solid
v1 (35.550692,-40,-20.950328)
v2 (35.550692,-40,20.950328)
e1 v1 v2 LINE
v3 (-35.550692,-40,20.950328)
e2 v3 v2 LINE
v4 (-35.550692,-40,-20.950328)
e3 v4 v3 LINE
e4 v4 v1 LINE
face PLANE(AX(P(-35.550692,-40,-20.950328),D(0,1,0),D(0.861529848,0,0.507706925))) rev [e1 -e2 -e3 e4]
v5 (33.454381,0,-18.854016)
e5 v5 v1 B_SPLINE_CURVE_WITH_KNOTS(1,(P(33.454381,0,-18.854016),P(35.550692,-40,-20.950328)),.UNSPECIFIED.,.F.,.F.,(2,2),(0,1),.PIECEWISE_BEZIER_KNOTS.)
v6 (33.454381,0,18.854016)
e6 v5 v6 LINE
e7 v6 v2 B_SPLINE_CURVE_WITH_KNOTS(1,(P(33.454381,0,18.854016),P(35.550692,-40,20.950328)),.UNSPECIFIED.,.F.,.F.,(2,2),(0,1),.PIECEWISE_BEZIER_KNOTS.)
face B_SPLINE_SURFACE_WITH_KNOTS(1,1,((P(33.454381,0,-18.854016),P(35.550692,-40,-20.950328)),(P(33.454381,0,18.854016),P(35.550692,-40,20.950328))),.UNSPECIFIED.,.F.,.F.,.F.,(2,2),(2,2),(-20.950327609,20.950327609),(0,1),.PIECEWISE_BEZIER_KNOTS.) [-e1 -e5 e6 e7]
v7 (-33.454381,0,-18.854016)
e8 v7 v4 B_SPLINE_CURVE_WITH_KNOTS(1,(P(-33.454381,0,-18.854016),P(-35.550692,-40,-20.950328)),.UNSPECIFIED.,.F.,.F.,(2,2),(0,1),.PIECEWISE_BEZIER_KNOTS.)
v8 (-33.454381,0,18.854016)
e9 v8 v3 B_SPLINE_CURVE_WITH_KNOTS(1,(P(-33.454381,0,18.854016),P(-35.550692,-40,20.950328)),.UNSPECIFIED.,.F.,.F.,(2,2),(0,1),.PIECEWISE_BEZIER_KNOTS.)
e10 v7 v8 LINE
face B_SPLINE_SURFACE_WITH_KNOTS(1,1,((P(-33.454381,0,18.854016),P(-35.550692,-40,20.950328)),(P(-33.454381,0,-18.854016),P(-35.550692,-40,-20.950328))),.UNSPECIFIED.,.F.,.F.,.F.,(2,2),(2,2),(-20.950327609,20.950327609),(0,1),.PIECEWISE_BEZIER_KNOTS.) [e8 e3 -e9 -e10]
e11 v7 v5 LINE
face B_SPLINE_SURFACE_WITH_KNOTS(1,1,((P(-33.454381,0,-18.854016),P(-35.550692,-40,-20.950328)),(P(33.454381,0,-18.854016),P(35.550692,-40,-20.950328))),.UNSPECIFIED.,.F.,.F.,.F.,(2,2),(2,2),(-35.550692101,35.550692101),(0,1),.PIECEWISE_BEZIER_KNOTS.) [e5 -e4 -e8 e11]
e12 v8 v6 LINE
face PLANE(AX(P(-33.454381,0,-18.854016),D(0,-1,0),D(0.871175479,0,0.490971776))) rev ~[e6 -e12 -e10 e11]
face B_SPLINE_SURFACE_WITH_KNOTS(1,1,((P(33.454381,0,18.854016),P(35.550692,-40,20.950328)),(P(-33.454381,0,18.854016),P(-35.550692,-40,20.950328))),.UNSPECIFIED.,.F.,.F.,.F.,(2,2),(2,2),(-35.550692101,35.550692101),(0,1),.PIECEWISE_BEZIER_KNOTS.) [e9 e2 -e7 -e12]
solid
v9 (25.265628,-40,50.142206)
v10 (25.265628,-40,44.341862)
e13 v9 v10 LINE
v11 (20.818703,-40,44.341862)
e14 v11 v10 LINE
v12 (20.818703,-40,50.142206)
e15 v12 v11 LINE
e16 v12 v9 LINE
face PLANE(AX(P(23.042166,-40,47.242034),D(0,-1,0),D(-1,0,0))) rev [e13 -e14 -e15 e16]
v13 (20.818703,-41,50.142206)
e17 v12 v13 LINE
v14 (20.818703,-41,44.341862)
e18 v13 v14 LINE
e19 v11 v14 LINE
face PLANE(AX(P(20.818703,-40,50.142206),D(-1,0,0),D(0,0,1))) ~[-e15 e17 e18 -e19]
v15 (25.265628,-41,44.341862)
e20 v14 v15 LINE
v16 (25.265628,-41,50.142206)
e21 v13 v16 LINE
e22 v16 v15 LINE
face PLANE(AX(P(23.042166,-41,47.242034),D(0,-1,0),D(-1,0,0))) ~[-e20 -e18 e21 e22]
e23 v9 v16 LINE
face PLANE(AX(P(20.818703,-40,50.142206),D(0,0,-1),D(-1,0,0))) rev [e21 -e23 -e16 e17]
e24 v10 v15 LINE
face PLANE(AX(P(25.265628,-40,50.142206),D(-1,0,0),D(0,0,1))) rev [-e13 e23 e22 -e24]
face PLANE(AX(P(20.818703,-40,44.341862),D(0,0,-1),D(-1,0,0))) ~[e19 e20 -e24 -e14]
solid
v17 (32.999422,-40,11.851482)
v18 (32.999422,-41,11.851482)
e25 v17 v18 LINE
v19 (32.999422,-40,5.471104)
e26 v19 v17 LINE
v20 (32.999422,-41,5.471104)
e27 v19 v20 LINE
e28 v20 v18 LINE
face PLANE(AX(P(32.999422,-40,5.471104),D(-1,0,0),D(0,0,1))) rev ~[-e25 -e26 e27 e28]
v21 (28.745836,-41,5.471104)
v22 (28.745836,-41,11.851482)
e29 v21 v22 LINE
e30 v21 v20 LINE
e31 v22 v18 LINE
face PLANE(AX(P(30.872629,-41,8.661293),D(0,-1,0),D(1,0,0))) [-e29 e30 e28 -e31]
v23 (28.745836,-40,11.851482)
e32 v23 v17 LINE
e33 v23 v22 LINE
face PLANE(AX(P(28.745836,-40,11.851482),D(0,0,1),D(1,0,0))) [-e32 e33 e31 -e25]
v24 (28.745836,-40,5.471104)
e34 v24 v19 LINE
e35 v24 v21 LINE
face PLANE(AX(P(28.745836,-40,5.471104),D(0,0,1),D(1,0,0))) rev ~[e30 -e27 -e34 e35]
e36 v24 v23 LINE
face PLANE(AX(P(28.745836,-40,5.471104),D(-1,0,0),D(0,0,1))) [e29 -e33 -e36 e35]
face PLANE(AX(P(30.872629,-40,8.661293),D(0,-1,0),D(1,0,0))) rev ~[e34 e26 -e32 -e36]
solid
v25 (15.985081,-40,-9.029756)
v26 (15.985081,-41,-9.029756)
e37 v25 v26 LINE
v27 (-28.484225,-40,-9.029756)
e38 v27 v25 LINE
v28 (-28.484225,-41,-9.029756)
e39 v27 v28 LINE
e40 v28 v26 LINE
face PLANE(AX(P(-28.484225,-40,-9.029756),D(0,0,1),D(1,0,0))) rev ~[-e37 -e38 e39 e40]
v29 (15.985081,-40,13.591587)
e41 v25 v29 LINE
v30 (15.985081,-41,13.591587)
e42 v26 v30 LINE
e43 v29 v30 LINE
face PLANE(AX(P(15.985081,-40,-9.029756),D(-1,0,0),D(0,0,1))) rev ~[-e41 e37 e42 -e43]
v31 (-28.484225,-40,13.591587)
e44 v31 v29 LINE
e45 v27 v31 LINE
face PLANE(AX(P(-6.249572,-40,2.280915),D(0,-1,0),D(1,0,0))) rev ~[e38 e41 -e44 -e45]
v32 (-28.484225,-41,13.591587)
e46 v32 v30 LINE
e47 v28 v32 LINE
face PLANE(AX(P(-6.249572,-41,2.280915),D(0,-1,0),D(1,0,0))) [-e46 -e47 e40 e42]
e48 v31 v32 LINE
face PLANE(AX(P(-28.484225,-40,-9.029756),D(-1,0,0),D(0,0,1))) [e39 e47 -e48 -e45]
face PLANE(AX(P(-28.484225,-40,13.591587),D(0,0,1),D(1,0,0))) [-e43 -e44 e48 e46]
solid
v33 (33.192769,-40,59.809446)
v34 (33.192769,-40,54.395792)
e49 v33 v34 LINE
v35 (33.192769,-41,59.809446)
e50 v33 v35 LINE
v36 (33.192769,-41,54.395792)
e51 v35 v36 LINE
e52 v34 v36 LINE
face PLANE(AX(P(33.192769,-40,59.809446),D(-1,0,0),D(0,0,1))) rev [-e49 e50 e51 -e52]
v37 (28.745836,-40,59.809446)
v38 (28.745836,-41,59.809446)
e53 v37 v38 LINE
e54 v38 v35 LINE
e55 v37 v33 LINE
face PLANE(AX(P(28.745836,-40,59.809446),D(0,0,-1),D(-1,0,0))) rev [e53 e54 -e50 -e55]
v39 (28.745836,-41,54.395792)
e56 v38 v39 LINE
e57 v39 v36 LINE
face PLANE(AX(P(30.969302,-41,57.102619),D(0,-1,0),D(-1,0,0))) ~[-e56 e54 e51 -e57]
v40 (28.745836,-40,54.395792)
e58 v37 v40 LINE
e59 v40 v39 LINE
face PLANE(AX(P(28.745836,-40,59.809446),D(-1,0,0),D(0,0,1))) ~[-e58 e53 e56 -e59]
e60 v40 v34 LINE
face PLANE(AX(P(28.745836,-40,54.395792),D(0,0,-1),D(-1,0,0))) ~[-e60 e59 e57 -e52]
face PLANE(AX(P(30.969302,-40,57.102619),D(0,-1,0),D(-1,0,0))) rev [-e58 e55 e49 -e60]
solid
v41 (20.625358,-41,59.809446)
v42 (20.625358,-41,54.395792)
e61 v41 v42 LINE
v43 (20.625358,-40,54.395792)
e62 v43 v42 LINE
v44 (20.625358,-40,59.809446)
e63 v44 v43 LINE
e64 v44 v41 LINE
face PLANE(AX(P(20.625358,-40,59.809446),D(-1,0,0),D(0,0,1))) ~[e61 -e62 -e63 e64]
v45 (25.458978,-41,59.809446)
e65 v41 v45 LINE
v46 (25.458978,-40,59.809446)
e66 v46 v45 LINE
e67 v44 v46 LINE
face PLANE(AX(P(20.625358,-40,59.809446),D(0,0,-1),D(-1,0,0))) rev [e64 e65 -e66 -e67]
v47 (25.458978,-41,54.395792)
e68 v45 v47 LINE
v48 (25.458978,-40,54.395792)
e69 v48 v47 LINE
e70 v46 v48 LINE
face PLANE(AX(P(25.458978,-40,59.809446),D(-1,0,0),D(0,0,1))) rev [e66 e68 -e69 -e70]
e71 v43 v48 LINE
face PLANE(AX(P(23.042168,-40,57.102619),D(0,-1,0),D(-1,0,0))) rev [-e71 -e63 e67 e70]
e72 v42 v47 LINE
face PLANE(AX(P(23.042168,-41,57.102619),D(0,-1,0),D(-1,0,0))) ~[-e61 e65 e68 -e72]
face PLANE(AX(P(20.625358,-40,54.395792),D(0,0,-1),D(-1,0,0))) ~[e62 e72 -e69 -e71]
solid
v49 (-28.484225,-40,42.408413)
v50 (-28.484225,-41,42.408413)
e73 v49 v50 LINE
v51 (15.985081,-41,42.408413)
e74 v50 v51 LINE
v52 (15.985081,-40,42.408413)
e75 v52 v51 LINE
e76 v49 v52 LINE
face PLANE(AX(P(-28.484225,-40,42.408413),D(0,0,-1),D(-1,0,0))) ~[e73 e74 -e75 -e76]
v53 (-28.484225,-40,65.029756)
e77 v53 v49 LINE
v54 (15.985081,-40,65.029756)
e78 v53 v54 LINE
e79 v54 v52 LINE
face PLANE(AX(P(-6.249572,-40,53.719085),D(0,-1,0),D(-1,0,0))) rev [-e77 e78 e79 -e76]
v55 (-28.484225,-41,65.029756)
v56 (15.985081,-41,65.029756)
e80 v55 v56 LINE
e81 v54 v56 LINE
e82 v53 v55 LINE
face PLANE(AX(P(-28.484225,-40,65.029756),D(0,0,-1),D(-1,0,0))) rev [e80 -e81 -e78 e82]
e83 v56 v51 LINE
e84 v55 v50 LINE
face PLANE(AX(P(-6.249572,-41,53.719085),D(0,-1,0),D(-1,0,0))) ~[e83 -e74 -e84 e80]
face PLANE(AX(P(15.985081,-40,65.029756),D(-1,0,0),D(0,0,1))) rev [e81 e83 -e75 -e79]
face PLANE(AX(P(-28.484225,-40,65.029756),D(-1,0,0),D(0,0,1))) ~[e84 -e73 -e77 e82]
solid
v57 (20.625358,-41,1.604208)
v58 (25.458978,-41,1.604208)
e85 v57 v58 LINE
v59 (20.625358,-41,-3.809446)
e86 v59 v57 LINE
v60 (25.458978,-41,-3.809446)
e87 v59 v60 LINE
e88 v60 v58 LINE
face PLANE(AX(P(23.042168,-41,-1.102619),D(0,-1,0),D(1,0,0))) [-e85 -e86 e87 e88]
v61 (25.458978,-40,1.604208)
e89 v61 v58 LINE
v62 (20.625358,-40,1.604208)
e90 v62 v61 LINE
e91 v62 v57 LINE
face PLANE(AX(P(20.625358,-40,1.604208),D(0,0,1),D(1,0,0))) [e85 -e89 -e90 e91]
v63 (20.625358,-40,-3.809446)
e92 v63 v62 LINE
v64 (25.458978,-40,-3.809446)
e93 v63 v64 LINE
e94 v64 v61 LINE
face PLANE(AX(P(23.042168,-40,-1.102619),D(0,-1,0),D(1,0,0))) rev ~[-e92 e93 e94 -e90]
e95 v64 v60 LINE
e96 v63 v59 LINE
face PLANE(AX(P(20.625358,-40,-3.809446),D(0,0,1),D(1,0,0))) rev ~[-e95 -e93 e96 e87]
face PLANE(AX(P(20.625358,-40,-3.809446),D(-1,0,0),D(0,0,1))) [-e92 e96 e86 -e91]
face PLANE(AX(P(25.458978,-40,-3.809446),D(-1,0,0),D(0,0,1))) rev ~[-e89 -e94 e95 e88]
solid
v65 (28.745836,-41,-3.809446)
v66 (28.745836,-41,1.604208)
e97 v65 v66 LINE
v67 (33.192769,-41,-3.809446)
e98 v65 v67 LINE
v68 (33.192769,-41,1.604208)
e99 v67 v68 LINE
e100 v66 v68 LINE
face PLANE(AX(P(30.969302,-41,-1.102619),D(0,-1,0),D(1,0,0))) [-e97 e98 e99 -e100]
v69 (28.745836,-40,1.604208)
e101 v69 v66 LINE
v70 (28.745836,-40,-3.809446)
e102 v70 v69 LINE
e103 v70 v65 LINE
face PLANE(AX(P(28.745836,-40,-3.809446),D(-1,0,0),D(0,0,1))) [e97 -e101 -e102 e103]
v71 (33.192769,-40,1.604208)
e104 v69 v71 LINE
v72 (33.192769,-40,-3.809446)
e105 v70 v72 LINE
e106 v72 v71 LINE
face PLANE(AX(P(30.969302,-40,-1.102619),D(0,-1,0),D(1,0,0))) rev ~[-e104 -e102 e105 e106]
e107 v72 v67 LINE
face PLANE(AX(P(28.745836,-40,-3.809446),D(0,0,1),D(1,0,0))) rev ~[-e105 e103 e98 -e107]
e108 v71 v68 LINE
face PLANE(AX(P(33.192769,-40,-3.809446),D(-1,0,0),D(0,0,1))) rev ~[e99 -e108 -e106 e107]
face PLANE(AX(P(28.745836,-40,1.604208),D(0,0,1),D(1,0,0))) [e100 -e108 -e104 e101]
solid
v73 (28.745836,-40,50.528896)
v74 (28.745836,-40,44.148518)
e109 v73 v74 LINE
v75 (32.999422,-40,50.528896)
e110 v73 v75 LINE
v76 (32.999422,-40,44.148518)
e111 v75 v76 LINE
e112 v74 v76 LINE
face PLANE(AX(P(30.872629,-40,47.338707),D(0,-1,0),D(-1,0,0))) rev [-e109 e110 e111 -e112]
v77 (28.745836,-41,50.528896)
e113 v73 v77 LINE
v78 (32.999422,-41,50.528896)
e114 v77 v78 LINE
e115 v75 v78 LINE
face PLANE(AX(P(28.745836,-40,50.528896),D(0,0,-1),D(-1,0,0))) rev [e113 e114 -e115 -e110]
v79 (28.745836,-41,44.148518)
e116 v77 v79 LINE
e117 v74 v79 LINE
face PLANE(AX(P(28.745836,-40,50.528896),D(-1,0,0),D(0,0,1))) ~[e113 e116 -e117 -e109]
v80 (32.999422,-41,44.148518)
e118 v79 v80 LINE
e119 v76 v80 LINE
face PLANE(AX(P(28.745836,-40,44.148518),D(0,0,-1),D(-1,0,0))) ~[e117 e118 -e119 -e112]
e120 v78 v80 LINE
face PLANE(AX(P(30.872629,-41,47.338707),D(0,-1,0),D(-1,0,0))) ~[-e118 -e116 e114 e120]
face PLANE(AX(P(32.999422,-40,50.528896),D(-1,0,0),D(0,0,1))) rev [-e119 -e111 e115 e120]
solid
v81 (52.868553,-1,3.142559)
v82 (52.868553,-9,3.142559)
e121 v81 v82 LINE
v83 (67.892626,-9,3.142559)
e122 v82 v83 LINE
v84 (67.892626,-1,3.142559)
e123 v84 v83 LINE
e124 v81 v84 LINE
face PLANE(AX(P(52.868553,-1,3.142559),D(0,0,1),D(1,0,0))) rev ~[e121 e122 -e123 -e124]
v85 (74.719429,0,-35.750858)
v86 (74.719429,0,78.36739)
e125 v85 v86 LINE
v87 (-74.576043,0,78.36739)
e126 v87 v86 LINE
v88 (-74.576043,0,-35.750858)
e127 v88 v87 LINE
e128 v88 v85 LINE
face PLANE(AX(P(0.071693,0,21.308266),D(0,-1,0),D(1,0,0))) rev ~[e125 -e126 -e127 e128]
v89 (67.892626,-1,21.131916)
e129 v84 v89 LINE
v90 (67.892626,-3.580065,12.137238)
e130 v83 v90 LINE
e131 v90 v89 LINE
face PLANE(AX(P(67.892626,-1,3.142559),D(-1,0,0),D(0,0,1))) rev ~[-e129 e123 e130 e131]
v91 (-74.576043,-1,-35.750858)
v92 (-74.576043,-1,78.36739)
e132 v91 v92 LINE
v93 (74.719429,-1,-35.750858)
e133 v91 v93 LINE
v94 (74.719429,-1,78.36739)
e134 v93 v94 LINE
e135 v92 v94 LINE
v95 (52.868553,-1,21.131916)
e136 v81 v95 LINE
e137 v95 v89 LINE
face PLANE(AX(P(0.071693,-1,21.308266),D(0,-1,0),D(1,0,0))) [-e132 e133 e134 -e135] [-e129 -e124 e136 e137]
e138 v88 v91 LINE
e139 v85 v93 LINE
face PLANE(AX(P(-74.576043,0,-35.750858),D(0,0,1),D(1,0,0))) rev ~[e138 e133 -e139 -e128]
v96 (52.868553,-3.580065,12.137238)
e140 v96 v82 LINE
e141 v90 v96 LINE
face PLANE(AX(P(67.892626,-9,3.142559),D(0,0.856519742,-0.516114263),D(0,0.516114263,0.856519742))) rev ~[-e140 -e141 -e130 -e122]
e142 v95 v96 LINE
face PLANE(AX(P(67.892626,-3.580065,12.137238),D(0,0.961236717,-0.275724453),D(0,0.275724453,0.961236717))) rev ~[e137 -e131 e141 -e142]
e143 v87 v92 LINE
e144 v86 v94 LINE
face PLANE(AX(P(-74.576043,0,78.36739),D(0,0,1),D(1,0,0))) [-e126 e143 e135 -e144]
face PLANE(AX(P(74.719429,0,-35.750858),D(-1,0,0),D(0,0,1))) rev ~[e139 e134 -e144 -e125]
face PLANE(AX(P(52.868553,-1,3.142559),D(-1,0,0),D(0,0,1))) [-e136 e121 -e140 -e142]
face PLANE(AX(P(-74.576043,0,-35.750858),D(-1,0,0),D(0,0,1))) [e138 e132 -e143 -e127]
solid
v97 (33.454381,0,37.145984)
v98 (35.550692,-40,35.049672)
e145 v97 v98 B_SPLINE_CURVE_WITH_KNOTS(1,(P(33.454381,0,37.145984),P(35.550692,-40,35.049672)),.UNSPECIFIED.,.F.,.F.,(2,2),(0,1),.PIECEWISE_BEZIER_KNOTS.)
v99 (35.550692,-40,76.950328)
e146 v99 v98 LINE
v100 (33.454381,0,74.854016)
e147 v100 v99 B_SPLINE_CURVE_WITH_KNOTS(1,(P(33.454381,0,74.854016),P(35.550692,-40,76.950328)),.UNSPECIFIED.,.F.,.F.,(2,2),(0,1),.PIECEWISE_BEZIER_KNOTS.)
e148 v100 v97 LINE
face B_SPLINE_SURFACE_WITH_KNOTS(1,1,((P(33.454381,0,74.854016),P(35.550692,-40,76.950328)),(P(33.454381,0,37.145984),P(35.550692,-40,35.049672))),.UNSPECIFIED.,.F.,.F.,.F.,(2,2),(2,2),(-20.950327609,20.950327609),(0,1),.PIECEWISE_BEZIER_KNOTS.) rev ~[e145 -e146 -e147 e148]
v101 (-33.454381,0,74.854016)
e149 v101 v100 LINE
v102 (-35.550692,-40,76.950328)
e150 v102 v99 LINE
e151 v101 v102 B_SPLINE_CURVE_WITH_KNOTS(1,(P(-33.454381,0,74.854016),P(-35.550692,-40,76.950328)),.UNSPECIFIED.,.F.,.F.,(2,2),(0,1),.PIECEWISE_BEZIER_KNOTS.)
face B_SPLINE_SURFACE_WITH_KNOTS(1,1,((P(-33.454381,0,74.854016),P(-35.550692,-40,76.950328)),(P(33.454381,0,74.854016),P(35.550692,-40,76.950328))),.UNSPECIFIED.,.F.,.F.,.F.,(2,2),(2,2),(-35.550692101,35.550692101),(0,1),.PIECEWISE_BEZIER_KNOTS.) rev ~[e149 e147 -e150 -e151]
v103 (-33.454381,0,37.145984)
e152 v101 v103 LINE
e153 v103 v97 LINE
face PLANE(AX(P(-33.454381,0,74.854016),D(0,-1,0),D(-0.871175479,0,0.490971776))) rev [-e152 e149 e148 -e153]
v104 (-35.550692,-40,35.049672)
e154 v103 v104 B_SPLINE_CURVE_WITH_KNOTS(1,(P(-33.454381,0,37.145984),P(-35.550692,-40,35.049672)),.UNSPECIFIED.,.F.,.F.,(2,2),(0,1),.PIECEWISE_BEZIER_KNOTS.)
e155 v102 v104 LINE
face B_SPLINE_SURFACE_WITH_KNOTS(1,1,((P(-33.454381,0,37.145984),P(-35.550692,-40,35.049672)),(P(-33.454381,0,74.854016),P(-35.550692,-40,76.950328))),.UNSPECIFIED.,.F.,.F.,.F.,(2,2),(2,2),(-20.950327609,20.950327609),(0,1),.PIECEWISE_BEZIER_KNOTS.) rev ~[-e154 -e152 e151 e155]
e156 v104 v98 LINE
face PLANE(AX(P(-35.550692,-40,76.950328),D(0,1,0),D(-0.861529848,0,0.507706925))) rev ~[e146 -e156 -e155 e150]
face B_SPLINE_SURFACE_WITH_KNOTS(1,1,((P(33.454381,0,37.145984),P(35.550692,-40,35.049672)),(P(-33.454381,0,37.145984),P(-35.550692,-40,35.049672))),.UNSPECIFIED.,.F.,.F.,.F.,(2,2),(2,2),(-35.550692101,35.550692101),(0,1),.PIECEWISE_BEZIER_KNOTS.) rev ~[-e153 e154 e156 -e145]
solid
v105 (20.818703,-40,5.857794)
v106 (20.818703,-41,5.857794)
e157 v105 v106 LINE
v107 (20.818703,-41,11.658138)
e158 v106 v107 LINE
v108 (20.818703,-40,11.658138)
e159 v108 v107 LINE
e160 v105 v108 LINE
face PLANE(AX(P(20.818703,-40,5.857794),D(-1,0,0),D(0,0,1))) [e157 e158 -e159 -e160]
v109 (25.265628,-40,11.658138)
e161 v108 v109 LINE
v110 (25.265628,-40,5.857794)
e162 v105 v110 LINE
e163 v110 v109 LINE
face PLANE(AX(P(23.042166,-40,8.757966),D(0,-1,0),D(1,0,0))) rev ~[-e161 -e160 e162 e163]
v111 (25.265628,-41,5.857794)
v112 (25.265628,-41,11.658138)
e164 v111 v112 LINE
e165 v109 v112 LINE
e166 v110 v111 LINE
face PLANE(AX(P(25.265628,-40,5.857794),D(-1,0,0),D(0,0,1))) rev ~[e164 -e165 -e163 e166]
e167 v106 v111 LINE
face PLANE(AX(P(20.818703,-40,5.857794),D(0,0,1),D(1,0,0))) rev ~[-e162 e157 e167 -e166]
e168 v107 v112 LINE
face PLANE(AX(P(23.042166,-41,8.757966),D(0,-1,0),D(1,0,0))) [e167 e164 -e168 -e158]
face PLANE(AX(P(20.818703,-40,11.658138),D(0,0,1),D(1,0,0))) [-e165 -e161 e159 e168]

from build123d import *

# Parameters (mm, degrees)
F0_W      = 66.9087618589
F0_H      = 37.7080328763
F1_DEPTH  = 40
F1_TAPER  = -3
F2_W      = 44.4693062454
F2_H      = 22.6213429123
F3_DEPTH  = 1
F2_W_2    = 4.4469255954
F2_H_2    = 5.8003440499
F2_W_3    = 4.2535867542
F2_H_3    = 6.3803782687
F2_W_4    = 4.8336200416
F2_H_4    = 5.4136546096
F2_W_5    = 4.446933046
F6_W      = 149.2954716086
F6_H      = 114.1182482243
F7_DEPTH  = 1
F8_W      = 15.024073422
F8_H      = 17.9893565364
F9_DEPTH  = 8
F11_DEPTH = 16.9


with BuildPart() as f1:
    # F0 (on Front) → F1 (new body)
    with BuildSketch(Plane.XZ):
        Rectangle(F0_W, F0_H)
    extrude(amount=F1_DEPTH, taper=F1_TAPER)


with BuildPart() as f3:
    # F2 (on face) → F3 (new body)
    with BuildSketch(Plane.XZ.offset(40)):
        with Locations((-6.2495721504, 2.280915156)):
            Rectangle(F2_W, F2_H)
    extrude(amount=F3_DEPTH)


with BuildPart() as f3b:
    # F2 (on face) → F3, piece 2 (new body)
    with BuildSketch(Plane.XZ.offset(40)):
        with Locations((23.0421656743, 8.7579656392)):
            Rectangle(F2_W_2, F2_H_2)
    extrude(amount=F3_DEPTH)


with BuildPart() as f3c:
    # F2 (on face) → F3, piece 3 (new body)
    with BuildSketch(Plane.XZ.offset(40)):
        with Locations((30.8726290241, 8.661292959)):
            Rectangle(F2_W_3, F2_H_3)
    extrude(amount=F3_DEPTH)


with BuildPart() as f3d:
    # F2 (on face) → F3, piece 4 (new body)
    with BuildSketch(Plane.XZ.offset(40)):
        with Locations((23.0421684682, -1.1026191642)):
            Rectangle(F2_W_4, F2_H_4)
    extrude(amount=F3_DEPTH)


with BuildPart() as f3e:
    # F2 (on face) → F3, piece 5 (new body)
    with BuildSketch(Plane.XZ.offset(40)):
        with Locations((30.96930217, -1.1026191642)):
            Rectangle(F2_W_5, F2_H_4)
    extrude(amount=F3_DEPTH)


with BuildPart() as f5_1:
    # F5: instance of F1
    add(f1.part.mirror(Plane.XY.offset(28)))


with BuildPart() as f5_2:
    # F5: instance of F3
    add(f3.part.mirror(Plane.XY.offset(28)))


with BuildPart() as f5_3:
    # F5: instance of F3b
    add(f3b.part.mirror(Plane.XY.offset(28)))


with BuildPart() as f5_4:
    # F5: instance of F3c
    add(f3c.part.mirror(Plane.XY.offset(28)))


with BuildPart() as f5_5:
    # F5: instance of F3d
    add(f3d.part.mirror(Plane.XY.offset(28)))


with BuildPart() as f5_6:
    # F5: instance of F3e
    add(f3e.part.mirror(Plane.XY.offset(28)))


with BuildPart() as f7:
    # F6 (on Front) → F7 (new body)
    with BuildSketch(Plane.XZ):
        with Locations((0.0716932118, 21.3082656264)):
            Rectangle(F6_W, F6_H)
    extrude(amount=F7_DEPTH)

    # F8 (on face) → F9 (join)
    with BuildSketch(Plane.XZ.offset(1)):
        with Locations((60.3805892169, 12.1372377034)):
            Rectangle(F8_W, F8_H)
    extrude(amount=F9_DEPTH)

    # F10 (on face) → F11 (cut)
    with BuildSketch(Plane.YZ.offset(67.8926259279)):
        Polygon((-3.5800645128, 12.1372377034), (-1, 21.1319159716), (-9, 21.1319159716), (-9, 3.1425594352), align=None)
    extrude(amount=-F11_DEPTH, mode=Mode.SUBTRACT)


solid = Compound([f1.part, f3.part, f3b.part, f3c.part, f3d.part, f3e.part, f5_1.part, f5_2.part, f5_3.part, f5_4.part, f5_5.part, f5_6.part, f7.part])
